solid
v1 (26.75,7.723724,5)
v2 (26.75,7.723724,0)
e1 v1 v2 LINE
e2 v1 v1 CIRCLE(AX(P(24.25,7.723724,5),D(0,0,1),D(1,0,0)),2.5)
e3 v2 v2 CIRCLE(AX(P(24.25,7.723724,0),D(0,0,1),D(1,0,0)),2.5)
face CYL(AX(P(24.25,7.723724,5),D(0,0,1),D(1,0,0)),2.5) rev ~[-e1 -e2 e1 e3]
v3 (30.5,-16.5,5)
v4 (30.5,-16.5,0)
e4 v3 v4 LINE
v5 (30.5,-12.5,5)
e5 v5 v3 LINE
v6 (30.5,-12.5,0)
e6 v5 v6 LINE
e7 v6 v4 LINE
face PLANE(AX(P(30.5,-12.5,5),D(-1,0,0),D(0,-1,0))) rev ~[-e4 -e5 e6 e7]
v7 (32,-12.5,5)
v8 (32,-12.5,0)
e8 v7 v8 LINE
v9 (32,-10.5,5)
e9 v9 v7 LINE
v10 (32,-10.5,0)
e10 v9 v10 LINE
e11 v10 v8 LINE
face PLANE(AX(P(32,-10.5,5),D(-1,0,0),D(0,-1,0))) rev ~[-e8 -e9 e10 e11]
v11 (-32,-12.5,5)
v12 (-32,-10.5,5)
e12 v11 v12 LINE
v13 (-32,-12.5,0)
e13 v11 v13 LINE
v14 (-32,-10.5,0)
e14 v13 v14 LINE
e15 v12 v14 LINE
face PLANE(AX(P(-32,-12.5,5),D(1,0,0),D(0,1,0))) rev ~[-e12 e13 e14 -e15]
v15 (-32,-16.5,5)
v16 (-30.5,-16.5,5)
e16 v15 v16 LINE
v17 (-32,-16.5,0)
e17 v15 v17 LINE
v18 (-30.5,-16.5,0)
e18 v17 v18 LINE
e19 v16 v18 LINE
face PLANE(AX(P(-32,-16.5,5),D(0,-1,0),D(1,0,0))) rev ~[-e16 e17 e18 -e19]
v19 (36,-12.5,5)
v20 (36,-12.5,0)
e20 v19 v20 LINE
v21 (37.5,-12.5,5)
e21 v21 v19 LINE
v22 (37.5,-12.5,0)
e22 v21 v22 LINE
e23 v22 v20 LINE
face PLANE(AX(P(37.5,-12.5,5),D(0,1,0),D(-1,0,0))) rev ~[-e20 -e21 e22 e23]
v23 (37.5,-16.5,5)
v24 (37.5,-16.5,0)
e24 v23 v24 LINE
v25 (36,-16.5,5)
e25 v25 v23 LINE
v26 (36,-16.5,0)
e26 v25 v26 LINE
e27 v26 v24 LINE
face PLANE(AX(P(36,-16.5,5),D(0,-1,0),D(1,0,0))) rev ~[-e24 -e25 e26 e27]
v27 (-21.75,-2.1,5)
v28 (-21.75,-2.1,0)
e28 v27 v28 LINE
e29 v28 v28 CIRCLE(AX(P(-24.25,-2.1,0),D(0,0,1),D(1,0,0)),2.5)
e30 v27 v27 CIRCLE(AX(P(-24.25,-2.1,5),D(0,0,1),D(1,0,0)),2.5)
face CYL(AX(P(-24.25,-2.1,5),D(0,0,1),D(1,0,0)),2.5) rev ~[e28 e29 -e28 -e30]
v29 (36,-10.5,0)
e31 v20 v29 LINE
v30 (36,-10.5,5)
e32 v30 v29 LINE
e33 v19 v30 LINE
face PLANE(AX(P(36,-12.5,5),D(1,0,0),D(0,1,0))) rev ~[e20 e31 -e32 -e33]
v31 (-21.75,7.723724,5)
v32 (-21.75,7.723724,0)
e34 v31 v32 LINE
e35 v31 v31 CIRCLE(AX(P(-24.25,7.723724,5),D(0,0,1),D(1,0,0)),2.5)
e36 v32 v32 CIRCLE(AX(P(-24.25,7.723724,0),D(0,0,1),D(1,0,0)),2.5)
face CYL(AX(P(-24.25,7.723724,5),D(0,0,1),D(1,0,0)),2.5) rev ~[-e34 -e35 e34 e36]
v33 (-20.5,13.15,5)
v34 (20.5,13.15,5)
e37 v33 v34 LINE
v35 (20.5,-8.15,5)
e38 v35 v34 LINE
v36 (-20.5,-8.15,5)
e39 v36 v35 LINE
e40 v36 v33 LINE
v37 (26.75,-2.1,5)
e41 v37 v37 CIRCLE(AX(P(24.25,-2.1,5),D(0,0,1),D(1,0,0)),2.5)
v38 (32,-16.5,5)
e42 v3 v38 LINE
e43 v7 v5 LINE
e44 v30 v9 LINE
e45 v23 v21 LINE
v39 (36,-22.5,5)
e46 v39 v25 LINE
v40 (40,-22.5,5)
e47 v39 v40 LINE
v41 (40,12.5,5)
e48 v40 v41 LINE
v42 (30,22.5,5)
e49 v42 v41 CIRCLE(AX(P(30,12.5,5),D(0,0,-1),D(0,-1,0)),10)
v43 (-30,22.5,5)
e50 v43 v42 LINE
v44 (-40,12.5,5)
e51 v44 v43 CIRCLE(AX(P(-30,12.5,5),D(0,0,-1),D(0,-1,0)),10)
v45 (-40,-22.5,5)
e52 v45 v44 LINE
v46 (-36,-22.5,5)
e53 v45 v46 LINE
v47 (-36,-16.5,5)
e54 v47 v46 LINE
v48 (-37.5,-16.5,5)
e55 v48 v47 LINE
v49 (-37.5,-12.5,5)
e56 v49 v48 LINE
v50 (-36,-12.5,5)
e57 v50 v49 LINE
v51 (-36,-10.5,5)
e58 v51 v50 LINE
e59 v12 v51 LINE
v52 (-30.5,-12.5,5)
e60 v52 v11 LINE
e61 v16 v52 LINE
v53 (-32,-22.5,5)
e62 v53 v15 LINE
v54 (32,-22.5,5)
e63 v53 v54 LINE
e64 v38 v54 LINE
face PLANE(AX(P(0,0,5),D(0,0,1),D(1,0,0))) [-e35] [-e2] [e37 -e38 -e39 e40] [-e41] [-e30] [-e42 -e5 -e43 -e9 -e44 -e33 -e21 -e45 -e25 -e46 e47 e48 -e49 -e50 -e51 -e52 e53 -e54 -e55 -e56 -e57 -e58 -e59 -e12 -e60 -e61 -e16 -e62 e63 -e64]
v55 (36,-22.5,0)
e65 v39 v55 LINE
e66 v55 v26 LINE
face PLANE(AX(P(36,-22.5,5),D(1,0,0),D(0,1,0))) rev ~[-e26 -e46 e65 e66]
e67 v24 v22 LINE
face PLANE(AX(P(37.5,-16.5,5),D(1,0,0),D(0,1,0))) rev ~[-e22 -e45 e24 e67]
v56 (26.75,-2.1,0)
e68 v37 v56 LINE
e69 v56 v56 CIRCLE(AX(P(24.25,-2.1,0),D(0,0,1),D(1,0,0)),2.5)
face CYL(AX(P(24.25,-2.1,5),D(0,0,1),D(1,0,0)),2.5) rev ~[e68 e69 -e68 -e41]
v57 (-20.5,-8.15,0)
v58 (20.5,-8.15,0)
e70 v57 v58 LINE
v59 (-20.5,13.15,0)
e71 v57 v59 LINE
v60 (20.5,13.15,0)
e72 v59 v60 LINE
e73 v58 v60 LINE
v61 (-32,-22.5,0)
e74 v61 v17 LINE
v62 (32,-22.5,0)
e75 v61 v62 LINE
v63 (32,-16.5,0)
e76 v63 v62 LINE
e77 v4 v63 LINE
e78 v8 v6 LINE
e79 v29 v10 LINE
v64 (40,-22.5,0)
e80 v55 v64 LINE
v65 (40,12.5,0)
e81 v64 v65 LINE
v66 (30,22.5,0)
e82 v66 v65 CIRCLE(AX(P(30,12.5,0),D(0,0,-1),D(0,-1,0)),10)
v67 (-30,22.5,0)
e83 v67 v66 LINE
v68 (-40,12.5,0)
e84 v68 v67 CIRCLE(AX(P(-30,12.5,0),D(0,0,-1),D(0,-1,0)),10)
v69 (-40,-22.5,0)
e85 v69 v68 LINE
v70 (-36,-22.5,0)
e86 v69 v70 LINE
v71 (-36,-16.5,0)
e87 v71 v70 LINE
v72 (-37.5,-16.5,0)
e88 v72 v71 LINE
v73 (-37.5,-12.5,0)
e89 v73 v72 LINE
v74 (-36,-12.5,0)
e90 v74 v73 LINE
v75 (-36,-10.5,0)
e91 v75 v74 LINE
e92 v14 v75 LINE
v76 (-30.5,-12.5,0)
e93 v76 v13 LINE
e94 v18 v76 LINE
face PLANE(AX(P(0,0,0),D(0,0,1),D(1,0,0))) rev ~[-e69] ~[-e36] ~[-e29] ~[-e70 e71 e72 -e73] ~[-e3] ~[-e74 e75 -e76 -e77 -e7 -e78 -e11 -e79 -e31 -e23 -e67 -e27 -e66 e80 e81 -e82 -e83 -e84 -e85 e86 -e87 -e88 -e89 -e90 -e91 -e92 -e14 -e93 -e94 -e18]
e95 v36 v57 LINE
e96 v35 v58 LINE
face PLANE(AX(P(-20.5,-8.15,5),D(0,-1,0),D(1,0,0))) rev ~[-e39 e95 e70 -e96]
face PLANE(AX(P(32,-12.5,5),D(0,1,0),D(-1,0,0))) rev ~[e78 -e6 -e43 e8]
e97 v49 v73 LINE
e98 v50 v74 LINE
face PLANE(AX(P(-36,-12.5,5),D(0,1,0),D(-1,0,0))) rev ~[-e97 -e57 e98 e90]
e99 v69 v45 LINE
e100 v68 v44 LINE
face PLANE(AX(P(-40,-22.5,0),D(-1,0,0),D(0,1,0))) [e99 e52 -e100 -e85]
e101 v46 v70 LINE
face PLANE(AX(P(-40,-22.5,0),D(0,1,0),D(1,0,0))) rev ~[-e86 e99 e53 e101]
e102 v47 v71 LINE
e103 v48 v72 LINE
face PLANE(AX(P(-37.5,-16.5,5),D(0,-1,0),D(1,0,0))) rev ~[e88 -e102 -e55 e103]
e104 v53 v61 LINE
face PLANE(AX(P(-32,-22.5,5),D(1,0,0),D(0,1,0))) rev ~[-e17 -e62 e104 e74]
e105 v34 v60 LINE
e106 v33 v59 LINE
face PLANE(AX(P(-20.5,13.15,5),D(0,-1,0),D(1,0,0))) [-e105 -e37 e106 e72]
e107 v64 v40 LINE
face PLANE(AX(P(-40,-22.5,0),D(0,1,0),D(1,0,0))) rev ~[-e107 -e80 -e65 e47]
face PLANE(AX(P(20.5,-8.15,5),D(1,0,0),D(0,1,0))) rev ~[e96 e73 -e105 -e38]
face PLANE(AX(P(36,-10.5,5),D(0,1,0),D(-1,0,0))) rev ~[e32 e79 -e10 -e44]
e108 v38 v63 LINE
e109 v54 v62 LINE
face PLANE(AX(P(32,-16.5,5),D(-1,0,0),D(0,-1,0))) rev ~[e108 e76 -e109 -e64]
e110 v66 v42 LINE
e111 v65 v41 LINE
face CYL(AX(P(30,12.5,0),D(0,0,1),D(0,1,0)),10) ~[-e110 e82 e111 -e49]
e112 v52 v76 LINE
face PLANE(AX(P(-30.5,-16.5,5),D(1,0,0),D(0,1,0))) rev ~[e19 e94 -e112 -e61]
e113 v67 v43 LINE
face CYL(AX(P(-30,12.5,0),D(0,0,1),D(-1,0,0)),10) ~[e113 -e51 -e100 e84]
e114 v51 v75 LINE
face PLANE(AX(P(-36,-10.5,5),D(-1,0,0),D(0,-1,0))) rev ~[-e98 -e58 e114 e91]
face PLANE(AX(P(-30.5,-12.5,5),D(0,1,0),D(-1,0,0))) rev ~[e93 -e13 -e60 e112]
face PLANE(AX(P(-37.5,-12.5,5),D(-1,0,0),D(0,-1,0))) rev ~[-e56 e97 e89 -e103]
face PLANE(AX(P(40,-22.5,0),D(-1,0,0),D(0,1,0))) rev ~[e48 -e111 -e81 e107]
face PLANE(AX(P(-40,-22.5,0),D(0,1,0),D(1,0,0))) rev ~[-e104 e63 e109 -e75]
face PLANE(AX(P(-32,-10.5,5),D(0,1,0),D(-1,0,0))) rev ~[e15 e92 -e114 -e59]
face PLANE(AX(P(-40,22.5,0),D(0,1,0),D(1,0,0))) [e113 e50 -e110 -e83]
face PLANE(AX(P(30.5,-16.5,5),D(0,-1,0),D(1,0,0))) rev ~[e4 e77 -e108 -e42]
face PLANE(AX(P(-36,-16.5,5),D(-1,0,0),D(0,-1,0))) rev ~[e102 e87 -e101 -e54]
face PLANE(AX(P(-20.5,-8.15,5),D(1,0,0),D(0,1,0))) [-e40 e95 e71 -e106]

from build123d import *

# Parameters (mm, degrees)
SKETCH1_W           = 80
SKETCH1_H           = 45
BOSS_EXTRUDE1_DEPTH = 5
SKETCH2_R           = 2.5
SKETCH2_W           = 41
SKETCH2_H           = 21.3
CUT_EXTRUDE1_DEPTH  = 10
CUT_EXTRUDE2_DEPTH  = 10
FILLET1_R           = 10


with BuildPart() as part:
    # Sketch1 → Boss-Extrude1 (new body)
    with BuildSketch(Plane.XY):
        Rectangle(SKETCH1_W, SKETCH1_H)
    extrude(amount=BOSS_EXTRUDE1_DEPTH)

    # Sketch2 → Cut-Extrude1 (cut)
    with BuildSketch(Plane.XY.offset(5)):
        with Locations((-24.25, -2.1)):
            Circle(SKETCH2_R)
        with Locations((-24.25, 7.72372371)):
            Circle(SKETCH2_R)
        with Locations((24.25, 7.72372371)):
            Circle(SKETCH2_R)
        with Locations((24.25, -2.1)):
            Circle(SKETCH2_R)
        with Locations((0, 2.5)):
            Rectangle(SKETCH2_W, SKETCH2_H)
    extrude(amount=-CUT_EXTRUDE1_DEPTH, mode=Mode.SUBTRACT)

    # Sketch3 → Cut-Extrude2 (cut)
    with BuildSketch(Plane.XY.offset(5)):
        Polygon((-36, -16.5), (-36, -22.5), (-34, -22.5), (-34, -10.5), (-36, -10.5), (-36, -12.5), (-37.5, -12.5), (-37.5, -16.5), align=None)
        Polygon((-34, -10.5), (-34, -22.5), (-32, -22.5), (-32, -16.5), (-30.5, -16.5), (-30.5, -12.5), (-32, -12.5), (-32, -10.5), align=None)
        Polygon((32, -16.5), (32, -22.5), (34, -22.5), (34, -10.5), (32, -10.5), (32, -12.5), (30.5, -12.5), (30.5, -16.5), align=None)
        Polygon((34, -10.5), (34, -22.5), (36, -22.5), (36, -16.5), (37.5, -16.5), (37.5, -12.5), (36, -12.5), (36, -10.5), align=None)
    extrude(amount=-CUT_EXTRUDE2_DEPTH, mode=Mode.SUBTRACT)

    # Fillet1
    fillet1_edges = [part.edges().sort_by_distance(p)[0] for p in [
        (-40, 22.5, 2.5),
        (40, 22.5, 2.5),
    ]]
    fillet(fillet1_edges, radius=FILLET1_R)


solid = part.part
